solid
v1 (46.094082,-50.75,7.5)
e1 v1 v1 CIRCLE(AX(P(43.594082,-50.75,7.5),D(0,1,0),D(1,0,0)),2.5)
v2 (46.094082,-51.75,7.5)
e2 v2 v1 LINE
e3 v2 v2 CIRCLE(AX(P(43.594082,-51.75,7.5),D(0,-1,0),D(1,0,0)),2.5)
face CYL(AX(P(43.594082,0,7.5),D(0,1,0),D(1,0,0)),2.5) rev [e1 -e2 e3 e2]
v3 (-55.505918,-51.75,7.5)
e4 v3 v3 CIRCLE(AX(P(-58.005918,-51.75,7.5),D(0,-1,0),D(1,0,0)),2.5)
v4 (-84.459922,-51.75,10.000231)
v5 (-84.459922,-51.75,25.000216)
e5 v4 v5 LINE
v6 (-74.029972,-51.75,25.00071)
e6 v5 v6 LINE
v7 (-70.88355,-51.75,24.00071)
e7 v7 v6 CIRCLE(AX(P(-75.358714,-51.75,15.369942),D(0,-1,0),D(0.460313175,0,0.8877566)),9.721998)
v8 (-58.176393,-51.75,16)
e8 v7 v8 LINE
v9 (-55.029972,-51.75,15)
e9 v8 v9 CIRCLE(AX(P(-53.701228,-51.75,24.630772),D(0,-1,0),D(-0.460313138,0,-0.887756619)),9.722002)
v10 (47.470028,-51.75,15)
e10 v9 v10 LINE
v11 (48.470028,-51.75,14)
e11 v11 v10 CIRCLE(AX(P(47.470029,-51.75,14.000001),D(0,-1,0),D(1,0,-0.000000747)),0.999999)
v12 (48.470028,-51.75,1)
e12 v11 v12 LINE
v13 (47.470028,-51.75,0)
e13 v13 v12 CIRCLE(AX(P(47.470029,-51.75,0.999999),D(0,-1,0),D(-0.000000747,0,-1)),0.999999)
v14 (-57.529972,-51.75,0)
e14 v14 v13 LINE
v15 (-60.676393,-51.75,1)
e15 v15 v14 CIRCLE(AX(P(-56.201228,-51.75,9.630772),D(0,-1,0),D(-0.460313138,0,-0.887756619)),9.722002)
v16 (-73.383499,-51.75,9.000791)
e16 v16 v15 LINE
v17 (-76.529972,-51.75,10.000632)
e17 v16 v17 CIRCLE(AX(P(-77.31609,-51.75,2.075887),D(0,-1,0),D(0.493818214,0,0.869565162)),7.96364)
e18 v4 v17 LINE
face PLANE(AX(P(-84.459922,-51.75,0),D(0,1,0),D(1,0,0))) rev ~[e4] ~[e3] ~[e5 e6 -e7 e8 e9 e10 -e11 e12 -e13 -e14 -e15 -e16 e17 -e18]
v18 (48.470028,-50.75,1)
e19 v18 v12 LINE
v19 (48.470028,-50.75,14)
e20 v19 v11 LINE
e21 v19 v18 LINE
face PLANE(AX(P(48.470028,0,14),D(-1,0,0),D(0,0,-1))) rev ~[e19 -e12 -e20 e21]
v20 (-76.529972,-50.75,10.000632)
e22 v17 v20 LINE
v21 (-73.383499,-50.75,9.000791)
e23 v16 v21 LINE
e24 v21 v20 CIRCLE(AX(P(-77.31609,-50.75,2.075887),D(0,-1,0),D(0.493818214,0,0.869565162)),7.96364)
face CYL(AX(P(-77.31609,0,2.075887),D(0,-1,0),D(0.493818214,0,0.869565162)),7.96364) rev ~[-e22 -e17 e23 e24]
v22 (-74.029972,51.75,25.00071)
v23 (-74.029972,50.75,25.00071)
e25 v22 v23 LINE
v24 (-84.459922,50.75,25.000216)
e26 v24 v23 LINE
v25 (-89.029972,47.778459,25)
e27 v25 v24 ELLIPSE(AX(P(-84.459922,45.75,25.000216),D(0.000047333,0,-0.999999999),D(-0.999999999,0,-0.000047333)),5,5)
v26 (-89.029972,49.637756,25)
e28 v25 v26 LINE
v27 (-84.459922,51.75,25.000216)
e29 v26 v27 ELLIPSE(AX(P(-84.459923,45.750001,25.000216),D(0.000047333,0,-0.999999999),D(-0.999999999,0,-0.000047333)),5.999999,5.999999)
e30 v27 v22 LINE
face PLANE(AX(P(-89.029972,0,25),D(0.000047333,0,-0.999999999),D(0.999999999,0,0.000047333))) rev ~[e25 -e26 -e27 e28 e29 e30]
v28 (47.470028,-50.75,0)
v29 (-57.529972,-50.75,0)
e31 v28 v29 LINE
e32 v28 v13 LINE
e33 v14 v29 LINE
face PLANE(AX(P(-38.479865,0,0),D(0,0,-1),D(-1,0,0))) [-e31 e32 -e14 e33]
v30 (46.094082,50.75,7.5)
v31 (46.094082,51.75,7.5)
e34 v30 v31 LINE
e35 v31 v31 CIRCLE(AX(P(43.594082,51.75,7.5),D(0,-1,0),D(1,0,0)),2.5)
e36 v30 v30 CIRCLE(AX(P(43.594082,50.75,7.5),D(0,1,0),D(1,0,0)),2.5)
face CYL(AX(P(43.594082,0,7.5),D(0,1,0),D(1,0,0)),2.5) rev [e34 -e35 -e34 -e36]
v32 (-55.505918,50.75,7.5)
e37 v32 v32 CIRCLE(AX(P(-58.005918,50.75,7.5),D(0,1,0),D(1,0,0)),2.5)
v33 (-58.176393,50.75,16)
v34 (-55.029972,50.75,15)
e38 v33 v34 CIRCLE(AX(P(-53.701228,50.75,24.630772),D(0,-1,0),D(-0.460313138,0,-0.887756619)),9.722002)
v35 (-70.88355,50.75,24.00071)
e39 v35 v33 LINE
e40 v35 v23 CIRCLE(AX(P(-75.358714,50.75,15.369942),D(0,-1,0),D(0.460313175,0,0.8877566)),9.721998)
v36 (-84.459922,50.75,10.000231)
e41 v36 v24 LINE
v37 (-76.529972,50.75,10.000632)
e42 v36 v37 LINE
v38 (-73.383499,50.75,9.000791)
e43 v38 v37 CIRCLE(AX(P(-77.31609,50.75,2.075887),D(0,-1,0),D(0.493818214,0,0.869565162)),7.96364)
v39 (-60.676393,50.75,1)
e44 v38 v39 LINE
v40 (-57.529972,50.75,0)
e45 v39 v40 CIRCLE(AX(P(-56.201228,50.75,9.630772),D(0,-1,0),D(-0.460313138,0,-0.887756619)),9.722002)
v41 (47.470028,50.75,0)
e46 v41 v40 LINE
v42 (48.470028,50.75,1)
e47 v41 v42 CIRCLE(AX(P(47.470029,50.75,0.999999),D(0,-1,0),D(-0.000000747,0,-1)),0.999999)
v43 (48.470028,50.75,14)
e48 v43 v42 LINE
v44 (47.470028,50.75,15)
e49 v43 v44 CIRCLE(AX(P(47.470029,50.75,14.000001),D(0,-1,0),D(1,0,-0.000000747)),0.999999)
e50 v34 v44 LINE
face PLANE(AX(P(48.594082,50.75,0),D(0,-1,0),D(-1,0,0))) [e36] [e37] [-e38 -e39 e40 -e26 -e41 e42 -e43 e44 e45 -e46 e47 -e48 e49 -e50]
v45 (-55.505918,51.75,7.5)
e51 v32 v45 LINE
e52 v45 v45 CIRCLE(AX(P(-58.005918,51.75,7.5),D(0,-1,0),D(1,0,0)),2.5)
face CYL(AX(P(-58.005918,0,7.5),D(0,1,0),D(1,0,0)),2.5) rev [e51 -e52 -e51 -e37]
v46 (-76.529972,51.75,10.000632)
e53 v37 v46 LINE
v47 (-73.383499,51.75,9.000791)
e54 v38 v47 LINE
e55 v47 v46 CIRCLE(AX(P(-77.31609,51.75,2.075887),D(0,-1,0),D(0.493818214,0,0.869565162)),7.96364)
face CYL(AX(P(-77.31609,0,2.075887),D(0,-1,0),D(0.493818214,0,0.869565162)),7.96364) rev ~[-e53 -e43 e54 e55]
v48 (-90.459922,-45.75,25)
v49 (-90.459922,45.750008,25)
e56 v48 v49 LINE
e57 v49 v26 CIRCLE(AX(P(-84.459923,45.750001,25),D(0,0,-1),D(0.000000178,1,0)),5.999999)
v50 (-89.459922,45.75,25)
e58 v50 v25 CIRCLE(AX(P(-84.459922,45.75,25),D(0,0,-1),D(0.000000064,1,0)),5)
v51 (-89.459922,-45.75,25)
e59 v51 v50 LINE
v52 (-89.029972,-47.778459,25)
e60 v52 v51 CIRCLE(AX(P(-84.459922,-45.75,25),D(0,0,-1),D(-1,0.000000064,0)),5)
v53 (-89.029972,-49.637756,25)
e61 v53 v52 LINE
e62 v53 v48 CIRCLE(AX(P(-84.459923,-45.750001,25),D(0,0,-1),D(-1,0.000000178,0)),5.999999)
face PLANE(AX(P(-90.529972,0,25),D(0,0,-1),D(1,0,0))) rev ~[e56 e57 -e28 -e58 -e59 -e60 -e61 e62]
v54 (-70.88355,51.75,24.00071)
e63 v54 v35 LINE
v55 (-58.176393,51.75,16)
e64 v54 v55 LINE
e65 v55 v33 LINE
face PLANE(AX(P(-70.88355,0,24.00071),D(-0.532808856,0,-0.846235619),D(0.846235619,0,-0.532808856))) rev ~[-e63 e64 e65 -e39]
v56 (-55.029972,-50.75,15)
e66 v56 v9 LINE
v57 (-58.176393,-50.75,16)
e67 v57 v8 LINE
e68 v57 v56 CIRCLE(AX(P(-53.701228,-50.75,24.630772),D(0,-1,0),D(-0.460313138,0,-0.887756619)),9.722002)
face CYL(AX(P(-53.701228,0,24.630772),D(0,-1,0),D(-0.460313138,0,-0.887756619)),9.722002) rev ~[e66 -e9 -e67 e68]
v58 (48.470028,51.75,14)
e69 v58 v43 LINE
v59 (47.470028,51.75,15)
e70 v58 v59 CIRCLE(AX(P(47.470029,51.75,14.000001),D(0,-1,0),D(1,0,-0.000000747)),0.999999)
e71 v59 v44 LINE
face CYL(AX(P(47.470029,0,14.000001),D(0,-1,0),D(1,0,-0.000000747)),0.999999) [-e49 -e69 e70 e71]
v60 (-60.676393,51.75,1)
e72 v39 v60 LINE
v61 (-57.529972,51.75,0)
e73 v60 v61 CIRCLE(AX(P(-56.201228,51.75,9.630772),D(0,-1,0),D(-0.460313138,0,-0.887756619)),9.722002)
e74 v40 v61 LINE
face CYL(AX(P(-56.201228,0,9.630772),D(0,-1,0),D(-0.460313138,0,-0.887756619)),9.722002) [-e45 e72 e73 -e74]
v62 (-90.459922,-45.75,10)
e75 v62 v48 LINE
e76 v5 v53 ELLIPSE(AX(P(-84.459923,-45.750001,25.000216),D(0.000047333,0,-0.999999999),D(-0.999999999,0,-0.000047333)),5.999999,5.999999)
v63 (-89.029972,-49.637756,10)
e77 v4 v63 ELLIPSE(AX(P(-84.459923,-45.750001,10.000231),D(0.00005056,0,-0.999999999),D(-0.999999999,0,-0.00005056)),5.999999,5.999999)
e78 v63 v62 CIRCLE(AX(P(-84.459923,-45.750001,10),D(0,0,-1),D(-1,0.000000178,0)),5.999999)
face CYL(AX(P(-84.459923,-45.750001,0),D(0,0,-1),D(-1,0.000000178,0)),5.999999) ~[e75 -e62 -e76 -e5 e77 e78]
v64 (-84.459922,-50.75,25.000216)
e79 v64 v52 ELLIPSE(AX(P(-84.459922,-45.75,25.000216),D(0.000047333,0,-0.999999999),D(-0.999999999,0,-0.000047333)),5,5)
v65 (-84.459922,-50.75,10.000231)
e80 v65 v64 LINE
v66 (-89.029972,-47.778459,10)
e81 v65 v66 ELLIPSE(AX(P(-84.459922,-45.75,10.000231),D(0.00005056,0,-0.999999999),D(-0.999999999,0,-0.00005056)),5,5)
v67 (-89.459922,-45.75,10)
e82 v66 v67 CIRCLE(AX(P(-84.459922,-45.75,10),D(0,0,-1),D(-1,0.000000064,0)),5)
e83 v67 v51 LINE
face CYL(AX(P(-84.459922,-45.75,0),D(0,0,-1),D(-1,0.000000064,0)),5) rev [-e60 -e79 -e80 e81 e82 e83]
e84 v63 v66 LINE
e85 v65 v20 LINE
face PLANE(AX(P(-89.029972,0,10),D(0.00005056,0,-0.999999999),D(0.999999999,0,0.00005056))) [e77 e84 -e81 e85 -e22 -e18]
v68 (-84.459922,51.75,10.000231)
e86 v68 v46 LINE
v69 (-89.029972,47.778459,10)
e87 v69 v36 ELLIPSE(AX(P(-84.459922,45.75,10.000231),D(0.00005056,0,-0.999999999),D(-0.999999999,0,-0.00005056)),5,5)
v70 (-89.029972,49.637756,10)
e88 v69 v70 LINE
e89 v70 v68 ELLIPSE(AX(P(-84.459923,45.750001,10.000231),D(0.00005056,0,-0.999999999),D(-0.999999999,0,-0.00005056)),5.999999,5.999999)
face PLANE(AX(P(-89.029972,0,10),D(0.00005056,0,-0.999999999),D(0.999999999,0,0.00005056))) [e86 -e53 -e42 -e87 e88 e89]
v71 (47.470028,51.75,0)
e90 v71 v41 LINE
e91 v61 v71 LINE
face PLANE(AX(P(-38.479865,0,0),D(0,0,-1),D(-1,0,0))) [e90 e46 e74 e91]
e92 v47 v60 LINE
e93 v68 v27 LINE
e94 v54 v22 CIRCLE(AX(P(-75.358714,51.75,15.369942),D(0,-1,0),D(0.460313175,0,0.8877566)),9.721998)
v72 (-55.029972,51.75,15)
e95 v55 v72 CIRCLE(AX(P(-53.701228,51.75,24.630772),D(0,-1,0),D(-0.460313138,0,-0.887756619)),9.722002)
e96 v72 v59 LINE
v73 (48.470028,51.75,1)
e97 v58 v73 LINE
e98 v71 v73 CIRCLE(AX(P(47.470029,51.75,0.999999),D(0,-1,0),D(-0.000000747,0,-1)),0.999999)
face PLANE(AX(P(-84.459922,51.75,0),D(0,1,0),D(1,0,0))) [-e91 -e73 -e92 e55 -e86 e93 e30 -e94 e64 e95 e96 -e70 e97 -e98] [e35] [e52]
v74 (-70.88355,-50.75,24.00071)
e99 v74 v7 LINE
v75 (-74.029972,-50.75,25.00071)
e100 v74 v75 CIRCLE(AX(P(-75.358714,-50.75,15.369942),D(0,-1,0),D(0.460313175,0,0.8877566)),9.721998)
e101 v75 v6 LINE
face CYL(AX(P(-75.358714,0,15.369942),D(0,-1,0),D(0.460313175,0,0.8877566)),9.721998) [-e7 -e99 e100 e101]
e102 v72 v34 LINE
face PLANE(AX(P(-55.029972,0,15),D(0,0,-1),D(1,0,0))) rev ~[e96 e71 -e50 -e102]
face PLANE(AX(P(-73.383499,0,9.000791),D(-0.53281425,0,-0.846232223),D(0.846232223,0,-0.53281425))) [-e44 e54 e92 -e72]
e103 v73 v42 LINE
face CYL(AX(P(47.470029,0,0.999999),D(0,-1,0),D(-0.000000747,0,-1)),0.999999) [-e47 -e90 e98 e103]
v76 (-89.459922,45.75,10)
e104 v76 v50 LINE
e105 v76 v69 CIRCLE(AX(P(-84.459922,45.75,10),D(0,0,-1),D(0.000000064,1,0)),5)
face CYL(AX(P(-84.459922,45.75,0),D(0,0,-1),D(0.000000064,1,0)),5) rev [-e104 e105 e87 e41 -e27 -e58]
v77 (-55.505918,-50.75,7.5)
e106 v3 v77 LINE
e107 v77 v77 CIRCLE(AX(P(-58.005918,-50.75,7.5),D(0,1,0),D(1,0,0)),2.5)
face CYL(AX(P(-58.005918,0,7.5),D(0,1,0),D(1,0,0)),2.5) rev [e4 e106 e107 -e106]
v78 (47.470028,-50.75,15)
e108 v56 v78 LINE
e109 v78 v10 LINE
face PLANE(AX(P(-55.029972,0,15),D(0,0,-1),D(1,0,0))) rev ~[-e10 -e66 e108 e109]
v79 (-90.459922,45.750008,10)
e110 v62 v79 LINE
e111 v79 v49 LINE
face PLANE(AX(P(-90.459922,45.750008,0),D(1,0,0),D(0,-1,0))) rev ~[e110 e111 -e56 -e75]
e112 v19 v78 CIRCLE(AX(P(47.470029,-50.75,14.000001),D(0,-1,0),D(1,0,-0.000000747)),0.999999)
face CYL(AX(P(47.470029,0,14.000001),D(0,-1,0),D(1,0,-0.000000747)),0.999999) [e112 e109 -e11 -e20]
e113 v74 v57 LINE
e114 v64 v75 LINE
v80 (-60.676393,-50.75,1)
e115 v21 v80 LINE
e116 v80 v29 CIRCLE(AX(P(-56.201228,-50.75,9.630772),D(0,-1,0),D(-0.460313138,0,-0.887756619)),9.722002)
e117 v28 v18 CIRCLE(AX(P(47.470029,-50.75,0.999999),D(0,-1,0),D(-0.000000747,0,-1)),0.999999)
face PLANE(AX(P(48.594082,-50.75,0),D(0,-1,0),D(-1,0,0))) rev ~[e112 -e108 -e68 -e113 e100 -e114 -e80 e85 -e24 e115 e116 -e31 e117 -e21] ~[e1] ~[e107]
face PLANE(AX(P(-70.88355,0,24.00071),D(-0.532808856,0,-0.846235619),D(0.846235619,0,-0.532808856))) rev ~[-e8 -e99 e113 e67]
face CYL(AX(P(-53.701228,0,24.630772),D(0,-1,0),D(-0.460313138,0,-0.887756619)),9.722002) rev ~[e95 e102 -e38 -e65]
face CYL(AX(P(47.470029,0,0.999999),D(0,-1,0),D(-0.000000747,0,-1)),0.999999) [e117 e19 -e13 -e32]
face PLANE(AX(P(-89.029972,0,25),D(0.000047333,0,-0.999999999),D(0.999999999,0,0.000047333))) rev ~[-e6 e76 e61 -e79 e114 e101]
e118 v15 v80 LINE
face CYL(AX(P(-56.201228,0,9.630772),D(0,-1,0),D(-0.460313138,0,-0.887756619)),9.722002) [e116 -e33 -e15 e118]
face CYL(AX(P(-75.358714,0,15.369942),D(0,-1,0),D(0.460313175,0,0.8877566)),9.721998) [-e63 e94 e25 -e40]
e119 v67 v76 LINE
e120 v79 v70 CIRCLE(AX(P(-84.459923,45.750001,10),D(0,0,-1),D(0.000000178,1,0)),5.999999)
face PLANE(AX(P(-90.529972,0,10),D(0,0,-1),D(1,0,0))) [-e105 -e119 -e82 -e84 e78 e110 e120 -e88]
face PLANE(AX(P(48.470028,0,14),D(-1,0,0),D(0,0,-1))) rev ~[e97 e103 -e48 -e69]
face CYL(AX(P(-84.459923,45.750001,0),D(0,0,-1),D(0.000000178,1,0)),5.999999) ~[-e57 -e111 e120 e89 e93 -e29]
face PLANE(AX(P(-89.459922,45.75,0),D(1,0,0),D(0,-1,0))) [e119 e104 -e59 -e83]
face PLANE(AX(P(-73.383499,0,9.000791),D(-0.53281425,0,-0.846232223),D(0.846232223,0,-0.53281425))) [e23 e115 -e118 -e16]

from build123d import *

# Parameters (mm, degrees)
SKETCH002_R  = 2.5
PAD001_DEPTH = 51.75
PAD_DEPTH    = 30


with BuildPart() as face_body:
    # Sketch002 → Pad001 (new body, symmetric)
    with BuildSketch(Plane.XZ):
        with BuildLine():
            Line((-57.529972, 0), (47.470028, 0))
            ThreePointArc((47.470028, 0), (48.177135, 0.292893), (48.470028, 1))
            Line((48.470028, 14), (48.470028, 1))
            ThreePointArc((48.470028, 14), (48.177135, 14.707107), (47.470028, 15))
            Line((-55.029972, 15), (47.470028, 15))
            ThreePointArc((-58.176393, 16), (-56.645942, 15.365461), (-55.029972, 15))
            Line((-70.88355, 24.00071), (-58.176393, 16))
            ThreePointArc((-70.88355, 24.00071), (-72.414001, 24.635249), (-74.029972, 25.00071))
            Line((-89.029972, 25), (-74.029972, 25.00071))
            Line((-90.529972, 25), (-89.029972, 25))
            Line((-90.529972, 25), (-90.529972, 10))
            Line((-90.529972, 10), (-89.029972, 10))
            Line((-89.029972, 10), (-76.529972, 10.000632))
            ThreePointArc((-73.383499, 9.000791), (-74.904353, 9.665557), (-76.529972, 10.000632))
            Line((-73.383499, 9.000791), (-60.676393, 1))
            ThreePointArc((-60.676393, 1), (-59.145942, 0.365461), (-57.529972, 0))
        make_face()
        with Locations((-58.005918, 7.5)):
            Circle(SKETCH002_R, mode=Mode.SUBTRACT)
        with Locations((43.594082, 7.5)):
            Circle(SKETCH002_R, mode=Mode.SUBTRACT)
    extrude(amount=PAD001_DEPTH, both=True)


with BuildPart() as base_body:
    # Sketch001 → Pad (new body)
    with BuildSketch(Plane.XY):
        with BuildLine():
            Line((-89.459922, 45.75), (-89.459922, -45.75))
            ThreePointArc((-89.459922, -45.75), (-87.995456, -49.285534), (-84.459922, -50.75))
            Line((48.594082, -50.75), (-84.459922, -50.75))
            Line((48.594082, -50.75), (48.594082, -51.75))
            Line((-84.459922, -51.75), (48.594082, -51.75))
            ThreePointArc((-90.459922, -45.75), (-88.702563, -49.992641), (-84.459922, -51.75))
            Line((-90.459922, 45.750008), (-90.459922, -45.75))
            ThreePointArc((-84.459922, 51.75), (-88.70256, 49.992644), (-90.459922, 45.750008))
            Line((-84.459922, 51.75), (48.594082, 51.75))
            Line((48.594082, 50.75), (48.594082, 51.75))
            Line((48.594082, 50.75), (-84.459922, 50.75))
            ThreePointArc((-84.459922, 50.75), (-87.995456, 49.285534), (-89.459922, 45.75))
        make_face()
    extrude(amount=PAD_DEPTH)

    # Boolean: intersect Face.Body
    add(face_body.part, mode=Mode.INTERSECT)


solid = base_body.part
